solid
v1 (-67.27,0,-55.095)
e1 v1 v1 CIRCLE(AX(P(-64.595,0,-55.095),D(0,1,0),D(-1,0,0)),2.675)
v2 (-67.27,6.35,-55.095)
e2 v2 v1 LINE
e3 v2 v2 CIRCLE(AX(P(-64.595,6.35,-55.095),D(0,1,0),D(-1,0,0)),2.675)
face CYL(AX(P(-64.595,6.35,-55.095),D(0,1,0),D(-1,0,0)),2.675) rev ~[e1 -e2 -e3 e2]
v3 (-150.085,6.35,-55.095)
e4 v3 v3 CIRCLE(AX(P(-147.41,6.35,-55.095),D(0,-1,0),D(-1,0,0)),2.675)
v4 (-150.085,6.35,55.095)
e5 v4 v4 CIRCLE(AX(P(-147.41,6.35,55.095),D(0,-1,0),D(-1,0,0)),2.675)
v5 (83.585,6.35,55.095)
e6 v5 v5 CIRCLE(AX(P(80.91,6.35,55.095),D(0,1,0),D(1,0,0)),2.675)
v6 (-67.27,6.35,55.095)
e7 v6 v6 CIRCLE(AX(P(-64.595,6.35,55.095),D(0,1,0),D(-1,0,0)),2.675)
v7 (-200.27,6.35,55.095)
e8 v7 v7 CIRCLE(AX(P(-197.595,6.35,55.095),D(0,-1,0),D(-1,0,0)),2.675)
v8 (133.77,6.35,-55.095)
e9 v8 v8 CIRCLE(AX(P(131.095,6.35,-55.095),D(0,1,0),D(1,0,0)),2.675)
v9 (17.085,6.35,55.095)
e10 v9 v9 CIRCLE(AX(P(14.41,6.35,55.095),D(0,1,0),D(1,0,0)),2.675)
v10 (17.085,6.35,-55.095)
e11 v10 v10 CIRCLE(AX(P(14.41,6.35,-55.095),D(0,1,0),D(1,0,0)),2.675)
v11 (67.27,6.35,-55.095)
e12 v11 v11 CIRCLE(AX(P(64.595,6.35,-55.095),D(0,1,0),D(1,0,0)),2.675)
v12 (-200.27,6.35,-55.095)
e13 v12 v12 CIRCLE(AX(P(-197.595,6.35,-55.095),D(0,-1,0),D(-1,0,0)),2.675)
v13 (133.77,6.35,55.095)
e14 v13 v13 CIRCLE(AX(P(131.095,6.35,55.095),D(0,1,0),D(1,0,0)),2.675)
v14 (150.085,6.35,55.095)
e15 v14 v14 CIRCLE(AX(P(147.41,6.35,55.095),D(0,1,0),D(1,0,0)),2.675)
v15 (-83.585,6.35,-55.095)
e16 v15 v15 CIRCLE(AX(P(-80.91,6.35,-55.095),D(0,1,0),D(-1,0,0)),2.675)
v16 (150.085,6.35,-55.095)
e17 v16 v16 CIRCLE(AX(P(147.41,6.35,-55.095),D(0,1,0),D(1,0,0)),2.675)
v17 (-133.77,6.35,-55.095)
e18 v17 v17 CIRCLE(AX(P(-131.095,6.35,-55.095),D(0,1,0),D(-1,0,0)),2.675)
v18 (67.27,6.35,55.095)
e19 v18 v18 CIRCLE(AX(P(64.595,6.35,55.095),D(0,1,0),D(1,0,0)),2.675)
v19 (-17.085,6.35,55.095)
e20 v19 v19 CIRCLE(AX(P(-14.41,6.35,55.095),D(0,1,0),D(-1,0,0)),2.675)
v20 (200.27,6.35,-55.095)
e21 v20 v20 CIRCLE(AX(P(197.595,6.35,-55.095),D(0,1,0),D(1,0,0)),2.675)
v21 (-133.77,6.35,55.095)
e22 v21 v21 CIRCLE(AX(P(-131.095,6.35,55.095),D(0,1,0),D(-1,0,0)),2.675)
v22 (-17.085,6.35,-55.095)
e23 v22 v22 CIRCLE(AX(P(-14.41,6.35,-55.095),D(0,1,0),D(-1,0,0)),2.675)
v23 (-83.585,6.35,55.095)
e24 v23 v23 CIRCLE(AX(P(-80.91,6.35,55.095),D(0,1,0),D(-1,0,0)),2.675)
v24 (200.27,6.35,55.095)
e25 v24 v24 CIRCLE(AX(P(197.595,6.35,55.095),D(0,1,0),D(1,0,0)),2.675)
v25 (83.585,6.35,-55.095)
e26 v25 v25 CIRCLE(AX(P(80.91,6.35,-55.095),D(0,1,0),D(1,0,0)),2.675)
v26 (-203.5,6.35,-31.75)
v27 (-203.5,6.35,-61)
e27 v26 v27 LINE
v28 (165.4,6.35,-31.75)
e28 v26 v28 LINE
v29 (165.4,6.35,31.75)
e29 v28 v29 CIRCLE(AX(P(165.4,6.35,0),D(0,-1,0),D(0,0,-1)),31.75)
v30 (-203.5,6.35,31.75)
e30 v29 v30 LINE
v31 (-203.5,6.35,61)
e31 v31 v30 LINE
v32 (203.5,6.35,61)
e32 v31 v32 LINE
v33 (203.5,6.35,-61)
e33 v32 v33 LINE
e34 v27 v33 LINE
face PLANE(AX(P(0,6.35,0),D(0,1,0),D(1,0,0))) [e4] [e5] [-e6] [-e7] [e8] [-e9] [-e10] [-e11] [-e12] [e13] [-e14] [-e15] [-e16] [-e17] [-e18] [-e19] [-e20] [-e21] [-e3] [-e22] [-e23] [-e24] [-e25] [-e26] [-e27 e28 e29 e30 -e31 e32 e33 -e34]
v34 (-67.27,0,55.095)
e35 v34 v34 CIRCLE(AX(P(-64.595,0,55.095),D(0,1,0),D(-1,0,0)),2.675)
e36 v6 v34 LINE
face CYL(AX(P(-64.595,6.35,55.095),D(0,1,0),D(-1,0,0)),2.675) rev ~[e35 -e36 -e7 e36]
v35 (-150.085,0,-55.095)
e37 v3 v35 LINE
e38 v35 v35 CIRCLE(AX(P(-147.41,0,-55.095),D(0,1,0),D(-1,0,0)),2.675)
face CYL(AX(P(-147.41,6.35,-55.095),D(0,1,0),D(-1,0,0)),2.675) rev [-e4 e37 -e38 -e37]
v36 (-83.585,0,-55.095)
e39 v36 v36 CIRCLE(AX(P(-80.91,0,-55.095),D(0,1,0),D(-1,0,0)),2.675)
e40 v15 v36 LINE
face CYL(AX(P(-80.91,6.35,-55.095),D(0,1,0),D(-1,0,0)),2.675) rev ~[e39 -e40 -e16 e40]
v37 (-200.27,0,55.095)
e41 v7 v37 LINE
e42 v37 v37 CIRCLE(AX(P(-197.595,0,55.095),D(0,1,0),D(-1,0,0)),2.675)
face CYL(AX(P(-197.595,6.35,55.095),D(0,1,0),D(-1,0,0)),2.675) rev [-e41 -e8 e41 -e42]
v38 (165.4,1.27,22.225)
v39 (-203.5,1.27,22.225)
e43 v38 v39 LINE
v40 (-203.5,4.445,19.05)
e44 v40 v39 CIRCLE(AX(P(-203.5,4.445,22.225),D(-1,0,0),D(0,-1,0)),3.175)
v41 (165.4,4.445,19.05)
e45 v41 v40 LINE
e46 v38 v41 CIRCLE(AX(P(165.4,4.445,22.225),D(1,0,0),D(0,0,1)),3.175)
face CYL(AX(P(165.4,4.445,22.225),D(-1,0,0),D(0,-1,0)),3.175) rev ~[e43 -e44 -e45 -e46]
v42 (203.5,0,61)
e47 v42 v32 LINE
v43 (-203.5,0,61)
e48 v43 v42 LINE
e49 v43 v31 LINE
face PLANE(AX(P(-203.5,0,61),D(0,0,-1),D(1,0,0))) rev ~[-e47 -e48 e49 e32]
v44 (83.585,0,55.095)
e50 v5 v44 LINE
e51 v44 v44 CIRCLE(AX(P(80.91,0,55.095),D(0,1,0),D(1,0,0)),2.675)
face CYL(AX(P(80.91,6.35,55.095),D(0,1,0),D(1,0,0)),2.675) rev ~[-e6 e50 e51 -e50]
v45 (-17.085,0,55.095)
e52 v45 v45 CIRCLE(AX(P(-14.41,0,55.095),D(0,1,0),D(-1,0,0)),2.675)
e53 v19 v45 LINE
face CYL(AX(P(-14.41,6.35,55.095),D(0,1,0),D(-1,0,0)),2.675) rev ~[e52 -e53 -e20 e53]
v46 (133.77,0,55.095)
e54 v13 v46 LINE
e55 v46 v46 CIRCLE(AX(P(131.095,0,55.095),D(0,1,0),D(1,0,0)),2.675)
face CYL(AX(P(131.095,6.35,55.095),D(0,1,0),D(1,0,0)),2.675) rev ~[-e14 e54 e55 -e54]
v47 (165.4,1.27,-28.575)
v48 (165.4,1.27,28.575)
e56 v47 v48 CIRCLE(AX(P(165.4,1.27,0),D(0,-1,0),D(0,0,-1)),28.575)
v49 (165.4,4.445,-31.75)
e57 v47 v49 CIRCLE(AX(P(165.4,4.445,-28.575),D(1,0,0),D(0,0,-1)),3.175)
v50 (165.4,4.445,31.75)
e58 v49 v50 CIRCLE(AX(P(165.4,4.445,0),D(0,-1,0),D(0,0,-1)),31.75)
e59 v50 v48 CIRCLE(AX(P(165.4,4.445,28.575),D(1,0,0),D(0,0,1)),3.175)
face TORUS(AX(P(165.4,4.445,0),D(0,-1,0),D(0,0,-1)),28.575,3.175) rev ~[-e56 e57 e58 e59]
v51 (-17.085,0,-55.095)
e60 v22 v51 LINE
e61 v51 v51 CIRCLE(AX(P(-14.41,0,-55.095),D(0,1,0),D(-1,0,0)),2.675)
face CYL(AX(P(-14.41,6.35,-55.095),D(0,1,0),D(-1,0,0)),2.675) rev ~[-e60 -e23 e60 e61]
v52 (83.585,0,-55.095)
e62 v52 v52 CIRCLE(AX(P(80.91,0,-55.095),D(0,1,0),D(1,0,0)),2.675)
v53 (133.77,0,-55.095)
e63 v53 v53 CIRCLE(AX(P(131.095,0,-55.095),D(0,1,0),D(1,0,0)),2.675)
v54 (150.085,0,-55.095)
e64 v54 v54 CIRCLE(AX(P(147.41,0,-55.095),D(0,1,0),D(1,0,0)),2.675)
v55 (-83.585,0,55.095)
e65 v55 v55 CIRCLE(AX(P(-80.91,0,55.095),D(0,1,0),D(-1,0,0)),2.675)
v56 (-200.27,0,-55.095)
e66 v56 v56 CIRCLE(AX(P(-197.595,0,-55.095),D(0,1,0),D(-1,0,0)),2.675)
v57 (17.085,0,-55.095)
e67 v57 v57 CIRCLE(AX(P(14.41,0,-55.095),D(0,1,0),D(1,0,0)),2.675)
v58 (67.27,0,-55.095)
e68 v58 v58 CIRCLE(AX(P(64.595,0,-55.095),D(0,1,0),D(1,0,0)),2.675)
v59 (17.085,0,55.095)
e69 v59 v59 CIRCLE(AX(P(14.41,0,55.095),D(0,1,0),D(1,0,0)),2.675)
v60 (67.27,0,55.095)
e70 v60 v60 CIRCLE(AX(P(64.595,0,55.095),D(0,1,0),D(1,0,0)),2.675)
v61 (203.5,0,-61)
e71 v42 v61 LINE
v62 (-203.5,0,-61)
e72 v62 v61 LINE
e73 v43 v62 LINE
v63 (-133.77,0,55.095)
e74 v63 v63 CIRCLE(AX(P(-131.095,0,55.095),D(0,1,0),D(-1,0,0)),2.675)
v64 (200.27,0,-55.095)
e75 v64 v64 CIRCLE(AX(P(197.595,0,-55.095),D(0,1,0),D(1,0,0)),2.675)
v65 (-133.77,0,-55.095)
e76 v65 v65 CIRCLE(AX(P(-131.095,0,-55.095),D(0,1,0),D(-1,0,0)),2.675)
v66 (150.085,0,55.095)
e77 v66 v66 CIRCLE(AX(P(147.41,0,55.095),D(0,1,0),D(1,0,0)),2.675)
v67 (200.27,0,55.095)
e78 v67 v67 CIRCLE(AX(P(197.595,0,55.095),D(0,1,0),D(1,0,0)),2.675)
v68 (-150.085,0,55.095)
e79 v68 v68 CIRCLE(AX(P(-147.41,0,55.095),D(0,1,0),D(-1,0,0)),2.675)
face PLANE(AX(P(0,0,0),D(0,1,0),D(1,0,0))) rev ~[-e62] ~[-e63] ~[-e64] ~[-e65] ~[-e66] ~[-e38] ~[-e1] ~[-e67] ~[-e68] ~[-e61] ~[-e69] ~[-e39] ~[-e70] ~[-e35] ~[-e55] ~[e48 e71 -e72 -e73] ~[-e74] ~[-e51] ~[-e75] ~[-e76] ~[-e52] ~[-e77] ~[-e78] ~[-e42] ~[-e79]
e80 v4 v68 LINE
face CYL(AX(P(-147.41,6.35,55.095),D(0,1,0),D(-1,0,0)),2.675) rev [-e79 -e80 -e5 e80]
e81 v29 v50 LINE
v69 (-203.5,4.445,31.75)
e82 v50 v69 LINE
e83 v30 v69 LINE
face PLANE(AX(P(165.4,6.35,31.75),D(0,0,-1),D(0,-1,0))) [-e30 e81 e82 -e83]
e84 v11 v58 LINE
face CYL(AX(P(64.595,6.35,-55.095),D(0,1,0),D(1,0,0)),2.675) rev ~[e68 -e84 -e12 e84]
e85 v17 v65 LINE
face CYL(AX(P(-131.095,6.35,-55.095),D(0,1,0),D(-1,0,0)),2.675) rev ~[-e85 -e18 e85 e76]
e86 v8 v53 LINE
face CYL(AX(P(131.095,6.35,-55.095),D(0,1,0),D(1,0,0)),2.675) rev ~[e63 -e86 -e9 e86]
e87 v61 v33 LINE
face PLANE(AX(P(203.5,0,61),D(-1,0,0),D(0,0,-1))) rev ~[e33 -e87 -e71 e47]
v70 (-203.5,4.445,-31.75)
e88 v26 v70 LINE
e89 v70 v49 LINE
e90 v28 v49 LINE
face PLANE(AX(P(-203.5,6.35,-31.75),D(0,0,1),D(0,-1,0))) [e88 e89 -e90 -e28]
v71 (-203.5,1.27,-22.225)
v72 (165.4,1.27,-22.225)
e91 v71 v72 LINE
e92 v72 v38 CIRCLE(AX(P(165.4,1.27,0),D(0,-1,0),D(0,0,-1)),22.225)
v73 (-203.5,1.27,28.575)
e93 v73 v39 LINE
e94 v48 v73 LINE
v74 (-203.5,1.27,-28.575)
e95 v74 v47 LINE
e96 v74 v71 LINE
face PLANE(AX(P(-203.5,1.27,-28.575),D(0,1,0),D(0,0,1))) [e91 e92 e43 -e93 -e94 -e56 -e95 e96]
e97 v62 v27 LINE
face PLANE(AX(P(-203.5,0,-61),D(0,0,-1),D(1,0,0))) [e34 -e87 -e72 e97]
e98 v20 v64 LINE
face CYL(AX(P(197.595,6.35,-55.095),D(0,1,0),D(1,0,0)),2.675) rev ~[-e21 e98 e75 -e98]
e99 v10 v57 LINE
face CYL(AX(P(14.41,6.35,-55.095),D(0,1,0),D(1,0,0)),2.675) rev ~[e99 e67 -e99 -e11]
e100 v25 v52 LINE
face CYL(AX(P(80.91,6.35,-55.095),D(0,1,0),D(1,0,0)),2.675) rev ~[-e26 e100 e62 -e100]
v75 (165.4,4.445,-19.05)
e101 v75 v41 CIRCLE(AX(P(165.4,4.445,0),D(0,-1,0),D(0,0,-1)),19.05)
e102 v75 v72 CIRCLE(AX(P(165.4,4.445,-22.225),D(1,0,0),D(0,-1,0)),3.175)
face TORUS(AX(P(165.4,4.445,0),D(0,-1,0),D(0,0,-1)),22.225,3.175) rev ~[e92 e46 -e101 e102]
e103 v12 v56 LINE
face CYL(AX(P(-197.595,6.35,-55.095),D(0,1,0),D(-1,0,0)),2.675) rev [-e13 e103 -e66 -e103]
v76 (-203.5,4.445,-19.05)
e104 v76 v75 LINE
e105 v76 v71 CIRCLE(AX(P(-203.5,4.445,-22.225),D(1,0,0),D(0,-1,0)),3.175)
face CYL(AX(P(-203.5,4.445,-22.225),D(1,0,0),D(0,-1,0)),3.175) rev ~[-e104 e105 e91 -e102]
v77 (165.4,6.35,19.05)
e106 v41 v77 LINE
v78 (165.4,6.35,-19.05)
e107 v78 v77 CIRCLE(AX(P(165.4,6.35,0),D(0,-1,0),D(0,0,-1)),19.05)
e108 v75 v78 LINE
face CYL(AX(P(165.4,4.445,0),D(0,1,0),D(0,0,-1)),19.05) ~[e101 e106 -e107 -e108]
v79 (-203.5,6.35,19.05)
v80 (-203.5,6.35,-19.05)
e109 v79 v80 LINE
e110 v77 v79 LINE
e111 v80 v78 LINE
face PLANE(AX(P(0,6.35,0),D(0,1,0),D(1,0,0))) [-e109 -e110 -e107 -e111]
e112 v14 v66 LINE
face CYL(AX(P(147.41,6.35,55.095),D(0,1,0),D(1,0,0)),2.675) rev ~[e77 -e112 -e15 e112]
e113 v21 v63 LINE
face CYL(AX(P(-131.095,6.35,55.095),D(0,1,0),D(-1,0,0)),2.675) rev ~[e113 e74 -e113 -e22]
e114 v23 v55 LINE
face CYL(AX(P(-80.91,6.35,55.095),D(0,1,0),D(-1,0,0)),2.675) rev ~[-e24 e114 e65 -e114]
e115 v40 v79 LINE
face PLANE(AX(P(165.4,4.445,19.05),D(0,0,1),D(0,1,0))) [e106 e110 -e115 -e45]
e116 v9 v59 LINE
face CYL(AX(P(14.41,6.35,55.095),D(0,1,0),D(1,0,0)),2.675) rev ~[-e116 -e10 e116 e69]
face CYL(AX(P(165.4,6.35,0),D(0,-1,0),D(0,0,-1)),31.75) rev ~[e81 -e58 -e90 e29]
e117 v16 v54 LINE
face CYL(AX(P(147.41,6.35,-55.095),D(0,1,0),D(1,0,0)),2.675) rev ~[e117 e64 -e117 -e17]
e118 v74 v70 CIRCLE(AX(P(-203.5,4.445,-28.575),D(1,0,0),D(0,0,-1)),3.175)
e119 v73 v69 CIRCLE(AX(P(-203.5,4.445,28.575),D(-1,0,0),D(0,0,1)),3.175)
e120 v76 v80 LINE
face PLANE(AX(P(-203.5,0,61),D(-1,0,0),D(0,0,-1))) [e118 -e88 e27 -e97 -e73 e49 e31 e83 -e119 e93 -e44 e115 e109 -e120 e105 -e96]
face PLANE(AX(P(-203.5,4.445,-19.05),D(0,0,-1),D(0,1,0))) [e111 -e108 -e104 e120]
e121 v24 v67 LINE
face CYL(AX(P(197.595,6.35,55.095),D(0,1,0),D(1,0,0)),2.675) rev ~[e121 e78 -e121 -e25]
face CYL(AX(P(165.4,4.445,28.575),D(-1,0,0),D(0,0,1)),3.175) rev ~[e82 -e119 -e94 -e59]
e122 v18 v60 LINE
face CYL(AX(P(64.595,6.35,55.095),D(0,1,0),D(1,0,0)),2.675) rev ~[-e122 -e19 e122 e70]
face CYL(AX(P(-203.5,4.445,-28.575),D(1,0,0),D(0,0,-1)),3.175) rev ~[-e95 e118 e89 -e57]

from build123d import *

# Parameters (mm, degrees)
SKETCH1_W                         = 407
SKETCH1_H                         = 122
BASE_PLATE_DEPTH                  = 6.35
SKETCH2_R                         = 2.675
IGBT_HOLES_DEPTH                  = 7.35
IGBT_HOLES_PATTERN_COUNT          = 3
IGBT_HOLES_PATTERN_PITCH          = 66.5
IGBT_HOLES_MIRROR_COPY_1_SKETCH_R = 2.675
IGBT_HOLES_MIRROR_COPY_1_DEPTH    = 7.35
IGBT_HOLES_MIRROR_COPY_2_SKETCH_R = 2.675
IGBT_HOLES_MIRROR_COPY_2_DEPTH    = 7.35


with BuildPart() as part:
    # Sketch1 → Base Plate (new body)
    with BuildSketch(Plane(origin=(0, 0, 0), x_dir=(1, 0, 0), z_dir=(0, 1, 0))):
        Rectangle(SKETCH1_W, SKETCH1_H)
    extrude(amount=BASE_PLATE_DEPTH)

    # Sketch2 → IGBT Holes (cut, through all)
    with BuildSketch(Plane(origin=(0, 6.35, 0), x_dir=(1, 0, 0), z_dir=(0, 1, 0))):
        with Locations((197.595, 55.095)):
            Circle(SKETCH2_R)
        with Locations((197.595, -55.095)):
            Circle(SKETCH2_R)
        with Locations((147.41, -55.095)):
            Circle(SKETCH2_R)
        with Locations((147.41, 55.095)):
            Circle(SKETCH2_R)
    igbt_holes = extrude(amount=-IGBT_HOLES_DEPTH, mode=Mode.SUBTRACT)

    # IGBT Holes Pattern: IGBT Holes ×3
    with Locations(*[(-i * IGBT_HOLES_PATTERN_PITCH, 0, 0) for i in range(1, IGBT_HOLES_PATTERN_COUNT)]):
        add(igbt_holes, mode=Mode.SUBTRACT)

    # IGBT Holes Mirror: IGBT Holes across plane
    add(igbt_holes.mirror(Plane(origin=(0, 0, 0), x_dir=(0, 0, 1), z_dir=(1, 0, 0))), mode=Mode.SUBTRACT)

    # IGBT Holes Mirror copy 1 sketch → IGBT Holes Mirror copy 1 (cut, through all)
    with BuildSketch(Plane(origin=(66.5, 6.35, 0), x_dir=(-1, 0, 0), z_dir=(0, 1, 0))):
        with Locations((197.595, -55.095)):
            Circle(IGBT_HOLES_MIRROR_COPY_1_SKETCH_R)
        with Locations((197.595, 55.095)):
            Circle(IGBT_HOLES_MIRROR_COPY_1_SKETCH_R)
        with Locations((147.41, 55.095)):
            Circle(IGBT_HOLES_MIRROR_COPY_1_SKETCH_R)
        with Locations((147.41, -55.095)):
            Circle(IGBT_HOLES_MIRROR_COPY_1_SKETCH_R)
    extrude(amount=-IGBT_HOLES_MIRROR_COPY_1_DEPTH, mode=Mode.SUBTRACT)

    # IGBT Holes Mirror copy 2 sketch → IGBT Holes Mirror copy 2 (cut, through all)
    with BuildSketch(Plane(origin=(133, 6.35, 0), x_dir=(-1, 0, 0), z_dir=(0, 1, 0))):
        with Locations((197.595, -55.095)):
            Circle(IGBT_HOLES_MIRROR_COPY_2_SKETCH_R)
        with Locations((197.595, 55.095)):
            Circle(IGBT_HOLES_MIRROR_COPY_2_SKETCH_R)
        with Locations((147.41, 55.095)):
            Circle(IGBT_HOLES_MIRROR_COPY_2_SKETCH_R)
        with Locations((147.41, -55.095)):
            Circle(IGBT_HOLES_MIRROR_COPY_2_SKETCH_R)
    extrude(amount=-IGBT_HOLES_MIRROR_COPY_2_DEPTH, mode=Mode.SUBTRACT)

    # Pipe Profile: sweep along a path in Sketch3
    with BuildLine(Plane(origin=(0, 6.35, 0), x_dir=(1, 0, 0), z_dir=(0, 1, 0))) as pipe_profile_path:
        Line((-203.5, 25.4), (165.4, 25.4))
        ThreePointArc((165.4, 25.4), (190.8, 0), (165.4, -25.4))
        Line((165.4, -25.4), (-203.5, -25.4))
    # Sketch4 → Pipe Profile (sweep, cut)
    with BuildSketch(Plane.ZY.offset(203.5)):
        with BuildLine():
            Line((-28.575, 1.27), (-22.225, 1.27))
            ThreePointArc((-22.225, 1.27), (-19.97993597, 2.19993597), (-19.05, 4.445))
            Line((-19.05, 4.445), (-19.05, 6.35))
            Line((-19.05, 6.35), (-31.75, 6.35))
            Line((-31.75, 6.35), (-31.75, 4.445))
            ThreePointArc((-31.75, 4.445), (-30.82006403, 2.19993597), (-28.575, 1.27))
        make_face()
    sweep(path=pipe_profile_path.line, mode=Mode.SUBTRACT)


solid = part.part
